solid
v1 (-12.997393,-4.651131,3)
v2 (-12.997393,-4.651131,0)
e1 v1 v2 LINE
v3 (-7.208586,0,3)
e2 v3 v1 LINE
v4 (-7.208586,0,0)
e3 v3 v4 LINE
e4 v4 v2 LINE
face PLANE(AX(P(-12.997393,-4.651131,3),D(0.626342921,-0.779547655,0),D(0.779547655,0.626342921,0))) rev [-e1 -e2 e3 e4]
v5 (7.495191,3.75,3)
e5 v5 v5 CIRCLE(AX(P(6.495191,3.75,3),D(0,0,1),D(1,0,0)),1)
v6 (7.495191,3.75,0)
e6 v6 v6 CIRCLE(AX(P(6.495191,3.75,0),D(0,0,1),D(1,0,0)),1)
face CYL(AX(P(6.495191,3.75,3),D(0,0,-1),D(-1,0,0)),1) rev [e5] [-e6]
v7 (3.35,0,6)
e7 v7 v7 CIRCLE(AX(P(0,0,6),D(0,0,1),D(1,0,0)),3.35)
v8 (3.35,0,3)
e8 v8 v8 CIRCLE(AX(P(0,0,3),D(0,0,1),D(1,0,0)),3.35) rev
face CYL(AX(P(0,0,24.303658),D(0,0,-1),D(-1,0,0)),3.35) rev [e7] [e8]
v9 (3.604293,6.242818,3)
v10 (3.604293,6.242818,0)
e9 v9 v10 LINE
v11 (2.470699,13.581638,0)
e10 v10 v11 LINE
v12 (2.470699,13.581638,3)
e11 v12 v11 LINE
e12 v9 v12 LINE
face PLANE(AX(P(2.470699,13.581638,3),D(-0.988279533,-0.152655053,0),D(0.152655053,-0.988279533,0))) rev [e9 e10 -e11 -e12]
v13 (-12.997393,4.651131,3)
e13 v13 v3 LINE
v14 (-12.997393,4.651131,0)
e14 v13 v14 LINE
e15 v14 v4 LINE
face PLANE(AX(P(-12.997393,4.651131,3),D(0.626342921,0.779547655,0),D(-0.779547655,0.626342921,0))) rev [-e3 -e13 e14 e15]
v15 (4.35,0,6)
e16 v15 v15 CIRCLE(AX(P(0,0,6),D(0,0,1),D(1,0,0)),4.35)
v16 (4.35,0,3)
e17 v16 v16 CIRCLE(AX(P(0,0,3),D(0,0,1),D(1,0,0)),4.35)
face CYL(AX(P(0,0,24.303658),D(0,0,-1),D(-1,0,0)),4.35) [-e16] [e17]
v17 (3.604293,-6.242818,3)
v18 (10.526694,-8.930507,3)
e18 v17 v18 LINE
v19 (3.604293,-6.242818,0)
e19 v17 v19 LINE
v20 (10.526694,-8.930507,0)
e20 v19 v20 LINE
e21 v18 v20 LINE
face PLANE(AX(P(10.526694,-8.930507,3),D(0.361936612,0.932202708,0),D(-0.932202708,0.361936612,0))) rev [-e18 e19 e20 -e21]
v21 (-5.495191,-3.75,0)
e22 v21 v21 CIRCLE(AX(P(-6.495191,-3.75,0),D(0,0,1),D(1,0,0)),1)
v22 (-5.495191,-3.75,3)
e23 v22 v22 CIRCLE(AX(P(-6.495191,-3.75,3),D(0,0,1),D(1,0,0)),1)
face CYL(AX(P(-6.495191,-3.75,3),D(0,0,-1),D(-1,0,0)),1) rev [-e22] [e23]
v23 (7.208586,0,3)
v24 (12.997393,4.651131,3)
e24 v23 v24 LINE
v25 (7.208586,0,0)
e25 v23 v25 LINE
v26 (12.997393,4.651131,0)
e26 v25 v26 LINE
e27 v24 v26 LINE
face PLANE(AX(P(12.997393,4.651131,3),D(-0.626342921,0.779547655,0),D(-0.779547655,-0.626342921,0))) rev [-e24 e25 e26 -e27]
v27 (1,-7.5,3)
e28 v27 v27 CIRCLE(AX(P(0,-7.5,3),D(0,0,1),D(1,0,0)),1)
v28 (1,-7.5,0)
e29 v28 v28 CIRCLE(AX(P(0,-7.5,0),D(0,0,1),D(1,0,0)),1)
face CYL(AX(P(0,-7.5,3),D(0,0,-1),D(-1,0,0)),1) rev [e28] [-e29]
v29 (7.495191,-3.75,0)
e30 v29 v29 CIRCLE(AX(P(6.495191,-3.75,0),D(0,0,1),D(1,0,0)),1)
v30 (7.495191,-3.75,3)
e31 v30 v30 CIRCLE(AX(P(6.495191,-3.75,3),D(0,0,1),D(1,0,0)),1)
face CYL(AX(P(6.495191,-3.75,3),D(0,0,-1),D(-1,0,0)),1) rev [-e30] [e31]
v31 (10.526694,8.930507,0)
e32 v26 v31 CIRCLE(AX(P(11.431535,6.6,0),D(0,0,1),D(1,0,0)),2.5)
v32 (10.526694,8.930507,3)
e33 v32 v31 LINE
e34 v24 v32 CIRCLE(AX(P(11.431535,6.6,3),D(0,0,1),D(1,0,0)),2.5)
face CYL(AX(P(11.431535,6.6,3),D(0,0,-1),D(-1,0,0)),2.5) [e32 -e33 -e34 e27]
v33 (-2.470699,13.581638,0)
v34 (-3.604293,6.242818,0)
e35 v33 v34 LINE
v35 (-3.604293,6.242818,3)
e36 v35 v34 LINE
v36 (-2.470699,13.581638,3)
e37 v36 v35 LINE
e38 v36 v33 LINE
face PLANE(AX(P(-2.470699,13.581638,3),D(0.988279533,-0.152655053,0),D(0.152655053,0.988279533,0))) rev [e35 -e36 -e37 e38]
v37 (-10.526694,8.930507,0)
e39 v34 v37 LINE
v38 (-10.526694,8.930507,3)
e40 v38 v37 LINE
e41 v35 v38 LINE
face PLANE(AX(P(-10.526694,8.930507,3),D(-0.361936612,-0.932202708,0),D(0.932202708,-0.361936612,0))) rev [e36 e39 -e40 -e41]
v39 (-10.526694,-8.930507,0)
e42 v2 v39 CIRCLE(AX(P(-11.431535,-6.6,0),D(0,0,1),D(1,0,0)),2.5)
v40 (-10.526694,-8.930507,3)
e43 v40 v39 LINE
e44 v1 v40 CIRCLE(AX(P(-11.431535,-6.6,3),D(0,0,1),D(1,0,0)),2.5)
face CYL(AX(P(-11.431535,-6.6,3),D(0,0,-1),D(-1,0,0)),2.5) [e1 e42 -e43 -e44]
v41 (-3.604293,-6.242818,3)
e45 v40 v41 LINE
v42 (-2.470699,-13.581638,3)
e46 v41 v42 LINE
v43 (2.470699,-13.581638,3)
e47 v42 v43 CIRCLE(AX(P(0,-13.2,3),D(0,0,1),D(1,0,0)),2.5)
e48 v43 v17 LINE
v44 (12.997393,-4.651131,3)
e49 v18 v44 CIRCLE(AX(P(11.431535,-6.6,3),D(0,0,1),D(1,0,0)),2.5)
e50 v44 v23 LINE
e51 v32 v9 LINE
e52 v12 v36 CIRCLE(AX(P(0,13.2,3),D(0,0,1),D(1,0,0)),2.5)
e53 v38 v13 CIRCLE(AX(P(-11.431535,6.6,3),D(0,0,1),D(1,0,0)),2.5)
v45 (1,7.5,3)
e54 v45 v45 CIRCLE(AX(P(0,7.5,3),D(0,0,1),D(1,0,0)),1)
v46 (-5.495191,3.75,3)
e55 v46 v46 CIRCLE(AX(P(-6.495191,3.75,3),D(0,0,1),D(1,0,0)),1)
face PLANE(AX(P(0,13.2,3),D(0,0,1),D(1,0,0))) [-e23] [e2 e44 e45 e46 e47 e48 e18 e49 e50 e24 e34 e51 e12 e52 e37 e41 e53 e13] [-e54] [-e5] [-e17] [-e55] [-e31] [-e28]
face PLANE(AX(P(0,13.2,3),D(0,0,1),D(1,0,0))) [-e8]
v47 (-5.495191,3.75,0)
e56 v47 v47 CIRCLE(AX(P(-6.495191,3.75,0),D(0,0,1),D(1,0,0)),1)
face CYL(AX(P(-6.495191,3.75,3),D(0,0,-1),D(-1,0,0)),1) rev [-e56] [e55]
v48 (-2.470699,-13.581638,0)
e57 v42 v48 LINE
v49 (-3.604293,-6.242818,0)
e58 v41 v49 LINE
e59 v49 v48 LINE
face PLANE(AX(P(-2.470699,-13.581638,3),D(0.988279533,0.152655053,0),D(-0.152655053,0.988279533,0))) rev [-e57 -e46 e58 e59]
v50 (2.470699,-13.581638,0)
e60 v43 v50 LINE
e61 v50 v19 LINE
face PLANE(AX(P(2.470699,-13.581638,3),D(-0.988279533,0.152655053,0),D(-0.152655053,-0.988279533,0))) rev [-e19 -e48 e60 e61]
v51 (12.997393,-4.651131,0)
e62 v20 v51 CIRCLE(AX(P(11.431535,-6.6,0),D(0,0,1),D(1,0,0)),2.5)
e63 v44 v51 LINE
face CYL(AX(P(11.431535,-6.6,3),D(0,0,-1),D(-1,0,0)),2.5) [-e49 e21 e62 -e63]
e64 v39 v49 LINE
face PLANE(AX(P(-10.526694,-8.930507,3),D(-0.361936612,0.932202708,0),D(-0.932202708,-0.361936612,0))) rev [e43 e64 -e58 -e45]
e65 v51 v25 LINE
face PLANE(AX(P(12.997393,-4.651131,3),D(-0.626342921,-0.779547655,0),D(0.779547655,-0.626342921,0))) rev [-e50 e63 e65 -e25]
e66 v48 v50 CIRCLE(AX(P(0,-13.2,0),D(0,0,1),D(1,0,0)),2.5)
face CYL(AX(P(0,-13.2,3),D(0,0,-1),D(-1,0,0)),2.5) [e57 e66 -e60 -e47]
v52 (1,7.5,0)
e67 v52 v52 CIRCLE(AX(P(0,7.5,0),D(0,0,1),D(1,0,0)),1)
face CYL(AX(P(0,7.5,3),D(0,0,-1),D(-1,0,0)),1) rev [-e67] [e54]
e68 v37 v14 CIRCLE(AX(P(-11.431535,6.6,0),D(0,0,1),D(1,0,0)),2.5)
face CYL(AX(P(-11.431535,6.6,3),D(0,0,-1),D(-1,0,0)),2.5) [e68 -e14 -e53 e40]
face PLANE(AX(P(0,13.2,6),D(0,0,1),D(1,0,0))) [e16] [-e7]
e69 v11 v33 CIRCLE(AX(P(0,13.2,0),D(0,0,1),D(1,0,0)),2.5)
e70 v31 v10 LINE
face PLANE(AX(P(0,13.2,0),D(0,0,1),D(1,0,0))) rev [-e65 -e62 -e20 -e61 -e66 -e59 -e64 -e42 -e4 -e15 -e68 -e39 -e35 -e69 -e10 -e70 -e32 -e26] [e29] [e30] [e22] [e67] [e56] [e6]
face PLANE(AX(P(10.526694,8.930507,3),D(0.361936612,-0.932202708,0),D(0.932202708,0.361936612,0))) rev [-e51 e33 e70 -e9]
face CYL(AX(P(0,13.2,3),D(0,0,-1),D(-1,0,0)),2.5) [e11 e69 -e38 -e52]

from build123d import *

# Parameters (mm, degrees)
SKETCH_1_R        = 1
EXTRUDE_1_DEPTH   = 3
SKETCH_2_R        = 4.35
SKETCH_2_R_2      = 3.35
EXTRUDE_1_2_DEPTH = 3


with BuildPart() as part:
    # 草图1 → Extrude 1 (new body)
    with BuildSketch(Plane.XY):
        with BuildLine():
            Line((-2.470698832, 13.581637634), (-3.604292918, 6.242818459))
            Line((-3.604292918, 6.242818459), (-10.5266938, 8.93050677))
            ThreePointArc((-10.5266938, 8.93050677), (-13.596598839, 7.85), (-12.997392632, 4.651130864))
            Line((-12.997392632, 4.651130864), (-7.208585836, 0))
            Line((-7.208585836, 0), (-12.997392632, -4.651130864))
            ThreePointArc((-12.997392632, -4.651130864), (-13.596598839, -7.85), (-10.5266938, -8.93050677))
            Line((-10.5266938, -8.93050677), (-3.604292918, -6.242818459))
            Line((-3.604292918, -6.242818459), (-2.470698832, -13.581637634))
            ThreePointArc((-2.470698832, -13.581637634), (0, -15.7), (2.470698832, -13.581637634))
            Line((2.470698832, -13.581637634), (3.604292918, -6.242818459))
            Line((3.604292918, -6.242818459), (10.5266938, -8.93050677))
            ThreePointArc((10.5266938, -8.93050677), (13.596598839, -7.85), (12.997392632, -4.651130864))
            Line((12.997392632, -4.651130864), (7.208585836, 0))
            Line((7.208585836, 0), (12.997392632, 4.651130864))
            ThreePointArc((12.997392632, 4.651130864), (13.596598839, 7.85), (10.5266938, 8.93050677))
            Line((10.5266938, 8.93050677), (3.604292918, 6.242818459))
            Line((3.604292918, 6.242818459), (2.470698832, 13.581637634))
            ThreePointArc((2.470698832, 13.581637634), (0, 15.7), (-2.470698832, 13.581637634))
        make_face()
        with Locations((6.495190528, 3.75)):
            Circle(SKETCH_1_R, mode=Mode.SUBTRACT)
        with Locations((0, 7.5)):
            Circle(SKETCH_1_R, mode=Mode.SUBTRACT)
        with Locations((6.495190528, -3.75)):
            Circle(SKETCH_1_R, mode=Mode.SUBTRACT)
        with Locations((0, -7.5)):
            Circle(SKETCH_1_R, mode=Mode.SUBTRACT)
        with Locations((-6.495190528, -3.75)):
            Circle(SKETCH_1_R, mode=Mode.SUBTRACT)
        with Locations((-6.495190528, 3.75)):
            Circle(SKETCH_1_R, mode=Mode.SUBTRACT)
    extrude(amount=EXTRUDE_1_DEPTH)

    # 草图2 → Extrude 1 2 (add)
    with BuildSketch(Plane.XY.offset(3)):
        Circle(SKETCH_2_R)
        Circle(SKETCH_2_R_2, mode=Mode.SUBTRACT)
    extrude(amount=EXTRUDE_1_2_DEPTH)


solid = part.part
